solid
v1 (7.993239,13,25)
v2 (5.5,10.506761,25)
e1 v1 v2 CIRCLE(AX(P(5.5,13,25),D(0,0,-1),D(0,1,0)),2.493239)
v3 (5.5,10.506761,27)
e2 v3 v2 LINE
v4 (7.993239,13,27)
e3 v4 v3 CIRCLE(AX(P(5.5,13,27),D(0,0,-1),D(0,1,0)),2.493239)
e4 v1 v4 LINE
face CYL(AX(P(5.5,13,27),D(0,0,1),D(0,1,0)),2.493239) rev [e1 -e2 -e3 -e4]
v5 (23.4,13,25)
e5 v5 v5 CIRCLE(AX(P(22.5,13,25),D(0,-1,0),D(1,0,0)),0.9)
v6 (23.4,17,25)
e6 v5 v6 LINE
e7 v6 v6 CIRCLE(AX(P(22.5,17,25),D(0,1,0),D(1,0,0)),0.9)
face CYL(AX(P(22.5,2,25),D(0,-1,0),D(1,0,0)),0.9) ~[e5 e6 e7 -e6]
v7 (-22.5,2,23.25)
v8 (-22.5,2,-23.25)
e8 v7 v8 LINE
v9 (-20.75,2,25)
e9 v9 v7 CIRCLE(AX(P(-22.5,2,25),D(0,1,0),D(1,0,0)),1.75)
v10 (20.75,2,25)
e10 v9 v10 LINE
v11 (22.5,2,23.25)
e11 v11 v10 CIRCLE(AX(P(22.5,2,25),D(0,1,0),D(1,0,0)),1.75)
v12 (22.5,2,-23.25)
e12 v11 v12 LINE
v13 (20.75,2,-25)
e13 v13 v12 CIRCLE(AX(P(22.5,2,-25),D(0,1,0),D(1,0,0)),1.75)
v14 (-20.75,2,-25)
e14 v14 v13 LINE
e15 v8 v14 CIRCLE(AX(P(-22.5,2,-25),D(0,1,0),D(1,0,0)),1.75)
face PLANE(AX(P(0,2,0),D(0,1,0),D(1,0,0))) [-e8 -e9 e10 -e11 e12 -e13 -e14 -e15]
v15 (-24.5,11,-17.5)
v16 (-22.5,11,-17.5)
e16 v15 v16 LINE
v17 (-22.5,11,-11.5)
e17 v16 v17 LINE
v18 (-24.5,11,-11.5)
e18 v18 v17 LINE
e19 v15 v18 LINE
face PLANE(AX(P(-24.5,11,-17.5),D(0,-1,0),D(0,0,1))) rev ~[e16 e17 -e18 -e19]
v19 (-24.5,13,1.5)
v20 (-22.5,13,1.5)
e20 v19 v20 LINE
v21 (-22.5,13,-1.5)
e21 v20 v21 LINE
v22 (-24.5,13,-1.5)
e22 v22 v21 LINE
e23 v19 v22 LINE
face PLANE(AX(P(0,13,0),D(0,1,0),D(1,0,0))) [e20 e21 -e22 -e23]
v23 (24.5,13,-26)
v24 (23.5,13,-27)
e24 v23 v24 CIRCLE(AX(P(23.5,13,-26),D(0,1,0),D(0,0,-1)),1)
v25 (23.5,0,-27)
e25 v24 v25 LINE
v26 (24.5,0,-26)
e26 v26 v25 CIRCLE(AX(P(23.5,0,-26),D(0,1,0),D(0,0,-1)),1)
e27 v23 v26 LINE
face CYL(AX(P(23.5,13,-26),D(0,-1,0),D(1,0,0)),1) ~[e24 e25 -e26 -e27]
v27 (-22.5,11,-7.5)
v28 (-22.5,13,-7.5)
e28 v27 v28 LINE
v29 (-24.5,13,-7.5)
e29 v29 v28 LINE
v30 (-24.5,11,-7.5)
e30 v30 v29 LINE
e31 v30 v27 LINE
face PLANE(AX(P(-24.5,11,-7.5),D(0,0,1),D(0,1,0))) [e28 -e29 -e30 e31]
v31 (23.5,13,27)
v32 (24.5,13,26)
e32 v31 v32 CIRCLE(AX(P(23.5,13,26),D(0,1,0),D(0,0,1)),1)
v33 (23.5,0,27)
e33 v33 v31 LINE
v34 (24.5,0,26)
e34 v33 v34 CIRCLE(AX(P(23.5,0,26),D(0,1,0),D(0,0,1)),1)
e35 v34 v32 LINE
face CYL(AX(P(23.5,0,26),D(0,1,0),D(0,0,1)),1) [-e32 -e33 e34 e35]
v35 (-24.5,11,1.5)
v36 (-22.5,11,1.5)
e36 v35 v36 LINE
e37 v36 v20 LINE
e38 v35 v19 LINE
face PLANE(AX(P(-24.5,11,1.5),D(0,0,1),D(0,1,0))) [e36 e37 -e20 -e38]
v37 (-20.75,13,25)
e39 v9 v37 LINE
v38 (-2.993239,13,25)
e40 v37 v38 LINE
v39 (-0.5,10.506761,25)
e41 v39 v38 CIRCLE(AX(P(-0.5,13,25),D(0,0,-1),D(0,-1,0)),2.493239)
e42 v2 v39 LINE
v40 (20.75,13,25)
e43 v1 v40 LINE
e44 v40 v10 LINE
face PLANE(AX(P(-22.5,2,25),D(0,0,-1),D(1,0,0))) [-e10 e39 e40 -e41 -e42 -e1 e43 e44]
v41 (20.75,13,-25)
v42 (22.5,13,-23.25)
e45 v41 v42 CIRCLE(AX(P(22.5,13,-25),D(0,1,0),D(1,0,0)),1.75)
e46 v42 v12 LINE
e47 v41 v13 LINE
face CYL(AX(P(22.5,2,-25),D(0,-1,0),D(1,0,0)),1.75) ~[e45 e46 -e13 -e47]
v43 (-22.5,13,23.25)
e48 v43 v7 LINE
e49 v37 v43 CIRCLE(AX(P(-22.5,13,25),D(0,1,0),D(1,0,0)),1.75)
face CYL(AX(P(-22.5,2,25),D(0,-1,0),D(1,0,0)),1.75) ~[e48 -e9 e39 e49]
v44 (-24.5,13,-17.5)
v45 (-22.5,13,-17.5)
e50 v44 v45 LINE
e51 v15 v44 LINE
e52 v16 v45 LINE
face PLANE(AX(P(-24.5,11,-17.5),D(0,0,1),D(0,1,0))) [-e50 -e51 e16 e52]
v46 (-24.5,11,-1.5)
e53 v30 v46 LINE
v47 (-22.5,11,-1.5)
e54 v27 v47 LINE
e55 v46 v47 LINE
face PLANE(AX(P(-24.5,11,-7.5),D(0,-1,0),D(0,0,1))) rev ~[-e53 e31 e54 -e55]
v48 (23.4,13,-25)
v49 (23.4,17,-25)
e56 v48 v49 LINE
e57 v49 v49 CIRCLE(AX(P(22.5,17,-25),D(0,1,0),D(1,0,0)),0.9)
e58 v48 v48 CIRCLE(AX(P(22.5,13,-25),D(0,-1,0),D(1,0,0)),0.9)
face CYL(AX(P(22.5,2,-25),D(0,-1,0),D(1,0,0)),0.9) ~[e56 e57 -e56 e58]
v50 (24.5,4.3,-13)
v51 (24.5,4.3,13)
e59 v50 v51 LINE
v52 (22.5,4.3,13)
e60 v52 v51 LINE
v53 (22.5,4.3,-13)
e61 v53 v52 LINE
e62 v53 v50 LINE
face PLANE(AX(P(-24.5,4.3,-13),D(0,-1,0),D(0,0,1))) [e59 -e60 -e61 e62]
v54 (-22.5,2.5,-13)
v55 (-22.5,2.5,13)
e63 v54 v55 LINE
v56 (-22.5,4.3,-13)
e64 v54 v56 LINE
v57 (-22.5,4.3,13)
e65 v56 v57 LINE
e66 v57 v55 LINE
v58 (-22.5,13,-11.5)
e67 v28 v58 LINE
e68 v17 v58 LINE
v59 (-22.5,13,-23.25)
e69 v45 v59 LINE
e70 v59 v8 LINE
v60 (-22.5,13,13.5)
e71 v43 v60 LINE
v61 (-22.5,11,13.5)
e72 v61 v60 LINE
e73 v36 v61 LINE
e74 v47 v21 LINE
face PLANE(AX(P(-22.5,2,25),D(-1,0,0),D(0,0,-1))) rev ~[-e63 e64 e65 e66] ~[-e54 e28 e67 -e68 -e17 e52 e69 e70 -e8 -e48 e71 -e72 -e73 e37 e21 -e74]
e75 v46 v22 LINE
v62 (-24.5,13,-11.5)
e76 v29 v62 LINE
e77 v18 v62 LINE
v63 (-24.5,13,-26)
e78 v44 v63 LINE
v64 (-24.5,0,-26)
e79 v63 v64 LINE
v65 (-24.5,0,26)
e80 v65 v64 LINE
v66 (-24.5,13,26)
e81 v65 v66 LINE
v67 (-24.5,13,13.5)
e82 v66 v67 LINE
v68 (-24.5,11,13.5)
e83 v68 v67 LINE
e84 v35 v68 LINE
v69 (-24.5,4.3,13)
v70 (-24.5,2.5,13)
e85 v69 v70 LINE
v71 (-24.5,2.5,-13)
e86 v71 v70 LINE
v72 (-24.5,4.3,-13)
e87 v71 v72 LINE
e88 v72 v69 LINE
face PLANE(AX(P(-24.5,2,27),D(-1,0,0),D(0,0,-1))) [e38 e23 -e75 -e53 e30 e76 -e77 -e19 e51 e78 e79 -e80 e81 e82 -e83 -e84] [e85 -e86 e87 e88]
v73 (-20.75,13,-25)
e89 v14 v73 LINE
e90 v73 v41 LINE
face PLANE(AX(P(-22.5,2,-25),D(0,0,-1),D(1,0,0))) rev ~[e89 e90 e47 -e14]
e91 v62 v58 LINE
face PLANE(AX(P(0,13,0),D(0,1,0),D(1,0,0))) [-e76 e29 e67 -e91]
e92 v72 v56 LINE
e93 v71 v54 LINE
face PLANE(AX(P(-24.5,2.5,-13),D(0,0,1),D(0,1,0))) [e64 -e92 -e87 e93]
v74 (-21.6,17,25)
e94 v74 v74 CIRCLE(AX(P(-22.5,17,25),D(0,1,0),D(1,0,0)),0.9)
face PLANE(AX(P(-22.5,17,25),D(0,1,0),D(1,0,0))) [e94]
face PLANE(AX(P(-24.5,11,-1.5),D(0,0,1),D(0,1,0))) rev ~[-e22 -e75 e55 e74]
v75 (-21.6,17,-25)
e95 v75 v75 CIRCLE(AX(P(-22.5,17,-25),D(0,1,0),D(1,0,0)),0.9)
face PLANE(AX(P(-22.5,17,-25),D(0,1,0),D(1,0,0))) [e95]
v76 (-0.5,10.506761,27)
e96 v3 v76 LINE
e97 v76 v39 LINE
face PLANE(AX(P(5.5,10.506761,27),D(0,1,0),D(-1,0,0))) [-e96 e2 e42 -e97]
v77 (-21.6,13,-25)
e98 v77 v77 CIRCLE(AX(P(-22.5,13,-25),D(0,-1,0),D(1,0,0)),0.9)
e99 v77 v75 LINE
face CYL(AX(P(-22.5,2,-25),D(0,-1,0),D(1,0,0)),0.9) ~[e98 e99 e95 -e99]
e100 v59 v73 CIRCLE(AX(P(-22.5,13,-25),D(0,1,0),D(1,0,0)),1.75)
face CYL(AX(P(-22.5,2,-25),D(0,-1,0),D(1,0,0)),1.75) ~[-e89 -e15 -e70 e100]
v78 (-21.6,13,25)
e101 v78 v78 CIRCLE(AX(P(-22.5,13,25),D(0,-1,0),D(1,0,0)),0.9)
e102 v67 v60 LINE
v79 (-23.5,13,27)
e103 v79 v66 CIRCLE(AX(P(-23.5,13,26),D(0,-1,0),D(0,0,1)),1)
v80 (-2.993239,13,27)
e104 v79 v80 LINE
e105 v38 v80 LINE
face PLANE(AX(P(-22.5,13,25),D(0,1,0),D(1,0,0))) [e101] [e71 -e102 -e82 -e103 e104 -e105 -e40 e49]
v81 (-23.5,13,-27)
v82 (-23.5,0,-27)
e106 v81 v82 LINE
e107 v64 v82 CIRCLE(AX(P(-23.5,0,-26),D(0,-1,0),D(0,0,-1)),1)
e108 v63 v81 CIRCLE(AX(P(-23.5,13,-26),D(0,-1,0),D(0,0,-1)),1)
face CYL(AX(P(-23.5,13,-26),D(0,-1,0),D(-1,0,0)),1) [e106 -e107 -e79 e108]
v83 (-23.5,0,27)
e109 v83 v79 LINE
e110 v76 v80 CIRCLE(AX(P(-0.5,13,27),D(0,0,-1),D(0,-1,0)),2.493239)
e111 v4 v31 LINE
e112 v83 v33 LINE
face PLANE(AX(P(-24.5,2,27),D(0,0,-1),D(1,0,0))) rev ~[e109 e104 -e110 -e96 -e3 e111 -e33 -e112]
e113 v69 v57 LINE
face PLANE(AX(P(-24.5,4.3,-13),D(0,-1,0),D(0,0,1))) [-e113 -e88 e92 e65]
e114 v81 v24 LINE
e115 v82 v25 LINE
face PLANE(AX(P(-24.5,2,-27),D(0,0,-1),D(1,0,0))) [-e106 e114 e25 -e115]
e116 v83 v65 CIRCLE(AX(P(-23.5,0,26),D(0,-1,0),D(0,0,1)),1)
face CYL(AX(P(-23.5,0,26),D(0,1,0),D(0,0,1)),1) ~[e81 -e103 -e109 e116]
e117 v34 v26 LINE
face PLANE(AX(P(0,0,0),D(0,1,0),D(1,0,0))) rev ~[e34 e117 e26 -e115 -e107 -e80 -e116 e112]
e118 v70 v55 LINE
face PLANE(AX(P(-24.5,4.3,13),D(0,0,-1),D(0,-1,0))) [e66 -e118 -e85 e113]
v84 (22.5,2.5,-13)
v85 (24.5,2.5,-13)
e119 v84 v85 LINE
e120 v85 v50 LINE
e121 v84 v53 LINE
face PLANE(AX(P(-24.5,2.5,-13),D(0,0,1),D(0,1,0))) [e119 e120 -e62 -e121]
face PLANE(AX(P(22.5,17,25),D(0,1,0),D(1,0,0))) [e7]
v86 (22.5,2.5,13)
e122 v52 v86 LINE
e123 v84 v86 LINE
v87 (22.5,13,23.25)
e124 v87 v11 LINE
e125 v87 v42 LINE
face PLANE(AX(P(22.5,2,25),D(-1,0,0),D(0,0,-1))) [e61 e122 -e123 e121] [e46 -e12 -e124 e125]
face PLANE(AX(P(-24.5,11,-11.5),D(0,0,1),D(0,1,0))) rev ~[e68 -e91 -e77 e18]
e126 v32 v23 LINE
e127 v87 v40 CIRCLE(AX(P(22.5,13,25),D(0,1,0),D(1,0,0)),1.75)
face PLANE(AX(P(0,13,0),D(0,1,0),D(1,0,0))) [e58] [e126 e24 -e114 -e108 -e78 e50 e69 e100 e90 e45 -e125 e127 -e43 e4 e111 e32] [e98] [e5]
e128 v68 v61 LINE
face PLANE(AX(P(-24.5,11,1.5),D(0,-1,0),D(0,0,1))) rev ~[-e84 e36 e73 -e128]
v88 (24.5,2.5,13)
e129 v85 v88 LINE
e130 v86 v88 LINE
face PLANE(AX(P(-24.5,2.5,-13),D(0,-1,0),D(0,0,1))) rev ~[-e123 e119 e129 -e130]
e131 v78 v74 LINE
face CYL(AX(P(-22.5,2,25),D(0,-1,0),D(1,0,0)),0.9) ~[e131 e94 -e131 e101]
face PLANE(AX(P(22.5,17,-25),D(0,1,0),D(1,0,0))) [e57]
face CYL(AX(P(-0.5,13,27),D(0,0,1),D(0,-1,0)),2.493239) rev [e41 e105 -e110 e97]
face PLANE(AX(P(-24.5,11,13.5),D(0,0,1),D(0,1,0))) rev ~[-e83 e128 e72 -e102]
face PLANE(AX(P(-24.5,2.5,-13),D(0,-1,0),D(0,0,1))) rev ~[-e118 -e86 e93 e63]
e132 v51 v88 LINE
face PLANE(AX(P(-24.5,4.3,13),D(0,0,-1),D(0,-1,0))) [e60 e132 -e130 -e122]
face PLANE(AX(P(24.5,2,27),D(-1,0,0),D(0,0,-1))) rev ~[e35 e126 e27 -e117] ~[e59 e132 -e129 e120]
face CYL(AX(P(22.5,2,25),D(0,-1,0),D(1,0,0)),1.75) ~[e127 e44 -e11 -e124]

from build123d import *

# Parameters (mm, degrees)
SKETCH1_W             = 49
SKETCH1_H             = 54
BOSS_EXTRUDE1_DEPTH   = 2
SKETCH2_W             = 49
SKETCH2_H             = 54
SKETCH2_W_2           = 45
SKETCH2_H_2           = 50
EXTRUDE_THIN1_DEPTH   = 11
SKETCH7_W             = 6
SKETCH7_H             = 2
CUT_EXTRUDE1_DEPTH    = 2
SKETCH6_W             = 12
SKETCH6_H             = 2
CUT_EXTRUDE2_DEPTH    = 2
CUT_EXTRUDE3_DEPTH    = 2
SKETCH15_R            = 1.75
BOSS_EXTRUDE2_DEPTH   = 11
BOSS_EXTRUDE2_2_DEPTH = 11
BOSS_EXTRUDE2_3_DEPTH = 11
BOSS_EXTRUDE2_4_DEPTH = 11
SKETCH17_R            = 0.9
BOSS_EXTRUDE3_DEPTH   = 15
CUT_EXTRUDE4_DEPTH    = 49
FILLET1_R             = 1


with BuildPart() as part:
    # Sketch1 → Boss-Extrude1 (new body)
    with BuildSketch(Plane(origin=(0, 0, 0), x_dir=(1, 0, 0), z_dir=(0, 1, 0))):
        Rectangle(SKETCH1_W, SKETCH1_H)
    extrude(amount=BOSS_EXTRUDE1_DEPTH)

    # Sketch2 → Extrude-Thin1 (add)
    with BuildSketch(Plane(origin=(0, 2, 0), x_dir=(1, 0, 0), z_dir=(0, 1, 0))):
        Rectangle(SKETCH2_W, SKETCH2_H)
        Rectangle(SKETCH2_W_2, SKETCH2_H_2, mode=Mode.SUBTRACT)
    extrude(amount=EXTRUDE_THIN1_DEPTH)

    # Sketch7 → Cut-Extrude1 (cut)
    with BuildSketch(Plane.ZY.offset(24.5)):
        with Locations((-4.5, 12)):
            Rectangle(SKETCH7_W, SKETCH7_H)
        with Locations((-14.5, 12)):
            Rectangle(SKETCH7_W, SKETCH7_H)
    extrude(amount=-CUT_EXTRUDE1_DEPTH, mode=Mode.SUBTRACT)

    # Sketch6 → Cut-Extrude2 (cut)
    with BuildSketch(Plane.ZY.offset(24.5)):
        with Locations((7.5, 12)):
            Rectangle(SKETCH6_W, SKETCH6_H)
    extrude(amount=-CUT_EXTRUDE2_DEPTH, mode=Mode.SUBTRACT)

    # Sketch14 → Cut-Extrude3 (cut)
    with BuildSketch(Plane.XY.offset(27)):
        with BuildLine():
            Line((-0.5, 15.493238672), (5.5, 15.493238672))
            ThreePointArc((5.5, 15.493238672), (7.993238672, 13), (5.5, 10.506761328))
            Line((5.5, 10.506761328), (-0.5, 10.506761328))
            ThreePointArc((-0.5, 10.506761328), (-2.993238672, 13), (-0.5, 15.493238672))
        make_face()
    extrude(amount=-CUT_EXTRUDE3_DEPTH, mode=Mode.SUBTRACT)



with BuildPart() as body_2:
    # Sketch15 → Boss-Extrude2 (new body)
    with BuildSketch(Plane(origin=(0, 2, 0), x_dir=(1, 0, 0), z_dir=(0, 1, 0))):
        with Locations((-22.5, -25)):
            Circle(SKETCH15_R)
    extrude(amount=BOSS_EXTRUDE2_DEPTH)


with BuildPart() as body_3:
    # Sketch15 → Boss-Extrude2 2 (new body)
    with BuildSketch(Plane(origin=(0, 2, 0), x_dir=(1, 0, 0), z_dir=(0, 1, 0))):
        with Locations((-22.5, 25)):
            Circle(SKETCH15_R)
    extrude(amount=BOSS_EXTRUDE2_2_DEPTH)


with BuildPart() as body_4:
    # Sketch15 → Boss-Extrude2 3 (new body)
    with BuildSketch(Plane(origin=(0, 2, 0), x_dir=(1, 0, 0), z_dir=(0, 1, 0))):
        with Locations((22.5, 25)):
            Circle(SKETCH15_R)
    extrude(amount=BOSS_EXTRUDE2_3_DEPTH)


with BuildPart() as body_5:
    # Sketch15 → Boss-Extrude2 4 (new body)
    with BuildSketch(Plane(origin=(0, 2, 0), x_dir=(1, 0, 0), z_dir=(0, 1, 0))):
        with Locations((22.5, -25)):
            Circle(SKETCH15_R)
    extrude(amount=BOSS_EXTRUDE2_4_DEPTH)


with BuildPart() as part_1:
    add(part.part)

    add(body_2.part)  # Boss-Extrude3 merges body 2

    add(body_3.part)  # Boss-Extrude3 merges body 3

    add(body_4.part)  # Boss-Extrude3 merges body 4

    add(body_5.part)  # Boss-Extrude3 merges body 5
    # Sketch17 → Boss-Extrude3 (add)
    with BuildSketch(Plane(origin=(0, 2, 0), x_dir=(1, 0, 0), z_dir=(0, 1, 0))):
        with Locations((-22.5, -25)):
            Circle(SKETCH17_R)
        with Locations((22.5, -25)):
            Circle(SKETCH17_R)
        with Locations((22.5, 25)):
            Circle(SKETCH17_R)
        with Locations((-22.5, 25)):
            Circle(SKETCH17_R)
    extrude(amount=BOSS_EXTRUDE3_DEPTH)

    # Sketch21 → Cut-Extrude4 (cut)
    with BuildSketch(Plane.ZY.offset(24.5)):
        Polygon((0, 2.5), (-13, 2.5), (-13, 4.3), (13, 4.3), (13, 2.5), align=None)
    extrude(amount=-CUT_EXTRUDE4_DEPTH, mode=Mode.SUBTRACT)

    # Fillet1
    fillet1_edges = [part_1.edges().sort_by_distance(p)[0] for p in [
        (-24.5, 6.5, -27),
        (24.5, 6.5, -27),
        (24.5, 6.5, 27),
        (-24.5, 6.5, 27),
    ]]
    fillet(fillet1_edges, radius=FILLET1_R)


solid = part_1.part
